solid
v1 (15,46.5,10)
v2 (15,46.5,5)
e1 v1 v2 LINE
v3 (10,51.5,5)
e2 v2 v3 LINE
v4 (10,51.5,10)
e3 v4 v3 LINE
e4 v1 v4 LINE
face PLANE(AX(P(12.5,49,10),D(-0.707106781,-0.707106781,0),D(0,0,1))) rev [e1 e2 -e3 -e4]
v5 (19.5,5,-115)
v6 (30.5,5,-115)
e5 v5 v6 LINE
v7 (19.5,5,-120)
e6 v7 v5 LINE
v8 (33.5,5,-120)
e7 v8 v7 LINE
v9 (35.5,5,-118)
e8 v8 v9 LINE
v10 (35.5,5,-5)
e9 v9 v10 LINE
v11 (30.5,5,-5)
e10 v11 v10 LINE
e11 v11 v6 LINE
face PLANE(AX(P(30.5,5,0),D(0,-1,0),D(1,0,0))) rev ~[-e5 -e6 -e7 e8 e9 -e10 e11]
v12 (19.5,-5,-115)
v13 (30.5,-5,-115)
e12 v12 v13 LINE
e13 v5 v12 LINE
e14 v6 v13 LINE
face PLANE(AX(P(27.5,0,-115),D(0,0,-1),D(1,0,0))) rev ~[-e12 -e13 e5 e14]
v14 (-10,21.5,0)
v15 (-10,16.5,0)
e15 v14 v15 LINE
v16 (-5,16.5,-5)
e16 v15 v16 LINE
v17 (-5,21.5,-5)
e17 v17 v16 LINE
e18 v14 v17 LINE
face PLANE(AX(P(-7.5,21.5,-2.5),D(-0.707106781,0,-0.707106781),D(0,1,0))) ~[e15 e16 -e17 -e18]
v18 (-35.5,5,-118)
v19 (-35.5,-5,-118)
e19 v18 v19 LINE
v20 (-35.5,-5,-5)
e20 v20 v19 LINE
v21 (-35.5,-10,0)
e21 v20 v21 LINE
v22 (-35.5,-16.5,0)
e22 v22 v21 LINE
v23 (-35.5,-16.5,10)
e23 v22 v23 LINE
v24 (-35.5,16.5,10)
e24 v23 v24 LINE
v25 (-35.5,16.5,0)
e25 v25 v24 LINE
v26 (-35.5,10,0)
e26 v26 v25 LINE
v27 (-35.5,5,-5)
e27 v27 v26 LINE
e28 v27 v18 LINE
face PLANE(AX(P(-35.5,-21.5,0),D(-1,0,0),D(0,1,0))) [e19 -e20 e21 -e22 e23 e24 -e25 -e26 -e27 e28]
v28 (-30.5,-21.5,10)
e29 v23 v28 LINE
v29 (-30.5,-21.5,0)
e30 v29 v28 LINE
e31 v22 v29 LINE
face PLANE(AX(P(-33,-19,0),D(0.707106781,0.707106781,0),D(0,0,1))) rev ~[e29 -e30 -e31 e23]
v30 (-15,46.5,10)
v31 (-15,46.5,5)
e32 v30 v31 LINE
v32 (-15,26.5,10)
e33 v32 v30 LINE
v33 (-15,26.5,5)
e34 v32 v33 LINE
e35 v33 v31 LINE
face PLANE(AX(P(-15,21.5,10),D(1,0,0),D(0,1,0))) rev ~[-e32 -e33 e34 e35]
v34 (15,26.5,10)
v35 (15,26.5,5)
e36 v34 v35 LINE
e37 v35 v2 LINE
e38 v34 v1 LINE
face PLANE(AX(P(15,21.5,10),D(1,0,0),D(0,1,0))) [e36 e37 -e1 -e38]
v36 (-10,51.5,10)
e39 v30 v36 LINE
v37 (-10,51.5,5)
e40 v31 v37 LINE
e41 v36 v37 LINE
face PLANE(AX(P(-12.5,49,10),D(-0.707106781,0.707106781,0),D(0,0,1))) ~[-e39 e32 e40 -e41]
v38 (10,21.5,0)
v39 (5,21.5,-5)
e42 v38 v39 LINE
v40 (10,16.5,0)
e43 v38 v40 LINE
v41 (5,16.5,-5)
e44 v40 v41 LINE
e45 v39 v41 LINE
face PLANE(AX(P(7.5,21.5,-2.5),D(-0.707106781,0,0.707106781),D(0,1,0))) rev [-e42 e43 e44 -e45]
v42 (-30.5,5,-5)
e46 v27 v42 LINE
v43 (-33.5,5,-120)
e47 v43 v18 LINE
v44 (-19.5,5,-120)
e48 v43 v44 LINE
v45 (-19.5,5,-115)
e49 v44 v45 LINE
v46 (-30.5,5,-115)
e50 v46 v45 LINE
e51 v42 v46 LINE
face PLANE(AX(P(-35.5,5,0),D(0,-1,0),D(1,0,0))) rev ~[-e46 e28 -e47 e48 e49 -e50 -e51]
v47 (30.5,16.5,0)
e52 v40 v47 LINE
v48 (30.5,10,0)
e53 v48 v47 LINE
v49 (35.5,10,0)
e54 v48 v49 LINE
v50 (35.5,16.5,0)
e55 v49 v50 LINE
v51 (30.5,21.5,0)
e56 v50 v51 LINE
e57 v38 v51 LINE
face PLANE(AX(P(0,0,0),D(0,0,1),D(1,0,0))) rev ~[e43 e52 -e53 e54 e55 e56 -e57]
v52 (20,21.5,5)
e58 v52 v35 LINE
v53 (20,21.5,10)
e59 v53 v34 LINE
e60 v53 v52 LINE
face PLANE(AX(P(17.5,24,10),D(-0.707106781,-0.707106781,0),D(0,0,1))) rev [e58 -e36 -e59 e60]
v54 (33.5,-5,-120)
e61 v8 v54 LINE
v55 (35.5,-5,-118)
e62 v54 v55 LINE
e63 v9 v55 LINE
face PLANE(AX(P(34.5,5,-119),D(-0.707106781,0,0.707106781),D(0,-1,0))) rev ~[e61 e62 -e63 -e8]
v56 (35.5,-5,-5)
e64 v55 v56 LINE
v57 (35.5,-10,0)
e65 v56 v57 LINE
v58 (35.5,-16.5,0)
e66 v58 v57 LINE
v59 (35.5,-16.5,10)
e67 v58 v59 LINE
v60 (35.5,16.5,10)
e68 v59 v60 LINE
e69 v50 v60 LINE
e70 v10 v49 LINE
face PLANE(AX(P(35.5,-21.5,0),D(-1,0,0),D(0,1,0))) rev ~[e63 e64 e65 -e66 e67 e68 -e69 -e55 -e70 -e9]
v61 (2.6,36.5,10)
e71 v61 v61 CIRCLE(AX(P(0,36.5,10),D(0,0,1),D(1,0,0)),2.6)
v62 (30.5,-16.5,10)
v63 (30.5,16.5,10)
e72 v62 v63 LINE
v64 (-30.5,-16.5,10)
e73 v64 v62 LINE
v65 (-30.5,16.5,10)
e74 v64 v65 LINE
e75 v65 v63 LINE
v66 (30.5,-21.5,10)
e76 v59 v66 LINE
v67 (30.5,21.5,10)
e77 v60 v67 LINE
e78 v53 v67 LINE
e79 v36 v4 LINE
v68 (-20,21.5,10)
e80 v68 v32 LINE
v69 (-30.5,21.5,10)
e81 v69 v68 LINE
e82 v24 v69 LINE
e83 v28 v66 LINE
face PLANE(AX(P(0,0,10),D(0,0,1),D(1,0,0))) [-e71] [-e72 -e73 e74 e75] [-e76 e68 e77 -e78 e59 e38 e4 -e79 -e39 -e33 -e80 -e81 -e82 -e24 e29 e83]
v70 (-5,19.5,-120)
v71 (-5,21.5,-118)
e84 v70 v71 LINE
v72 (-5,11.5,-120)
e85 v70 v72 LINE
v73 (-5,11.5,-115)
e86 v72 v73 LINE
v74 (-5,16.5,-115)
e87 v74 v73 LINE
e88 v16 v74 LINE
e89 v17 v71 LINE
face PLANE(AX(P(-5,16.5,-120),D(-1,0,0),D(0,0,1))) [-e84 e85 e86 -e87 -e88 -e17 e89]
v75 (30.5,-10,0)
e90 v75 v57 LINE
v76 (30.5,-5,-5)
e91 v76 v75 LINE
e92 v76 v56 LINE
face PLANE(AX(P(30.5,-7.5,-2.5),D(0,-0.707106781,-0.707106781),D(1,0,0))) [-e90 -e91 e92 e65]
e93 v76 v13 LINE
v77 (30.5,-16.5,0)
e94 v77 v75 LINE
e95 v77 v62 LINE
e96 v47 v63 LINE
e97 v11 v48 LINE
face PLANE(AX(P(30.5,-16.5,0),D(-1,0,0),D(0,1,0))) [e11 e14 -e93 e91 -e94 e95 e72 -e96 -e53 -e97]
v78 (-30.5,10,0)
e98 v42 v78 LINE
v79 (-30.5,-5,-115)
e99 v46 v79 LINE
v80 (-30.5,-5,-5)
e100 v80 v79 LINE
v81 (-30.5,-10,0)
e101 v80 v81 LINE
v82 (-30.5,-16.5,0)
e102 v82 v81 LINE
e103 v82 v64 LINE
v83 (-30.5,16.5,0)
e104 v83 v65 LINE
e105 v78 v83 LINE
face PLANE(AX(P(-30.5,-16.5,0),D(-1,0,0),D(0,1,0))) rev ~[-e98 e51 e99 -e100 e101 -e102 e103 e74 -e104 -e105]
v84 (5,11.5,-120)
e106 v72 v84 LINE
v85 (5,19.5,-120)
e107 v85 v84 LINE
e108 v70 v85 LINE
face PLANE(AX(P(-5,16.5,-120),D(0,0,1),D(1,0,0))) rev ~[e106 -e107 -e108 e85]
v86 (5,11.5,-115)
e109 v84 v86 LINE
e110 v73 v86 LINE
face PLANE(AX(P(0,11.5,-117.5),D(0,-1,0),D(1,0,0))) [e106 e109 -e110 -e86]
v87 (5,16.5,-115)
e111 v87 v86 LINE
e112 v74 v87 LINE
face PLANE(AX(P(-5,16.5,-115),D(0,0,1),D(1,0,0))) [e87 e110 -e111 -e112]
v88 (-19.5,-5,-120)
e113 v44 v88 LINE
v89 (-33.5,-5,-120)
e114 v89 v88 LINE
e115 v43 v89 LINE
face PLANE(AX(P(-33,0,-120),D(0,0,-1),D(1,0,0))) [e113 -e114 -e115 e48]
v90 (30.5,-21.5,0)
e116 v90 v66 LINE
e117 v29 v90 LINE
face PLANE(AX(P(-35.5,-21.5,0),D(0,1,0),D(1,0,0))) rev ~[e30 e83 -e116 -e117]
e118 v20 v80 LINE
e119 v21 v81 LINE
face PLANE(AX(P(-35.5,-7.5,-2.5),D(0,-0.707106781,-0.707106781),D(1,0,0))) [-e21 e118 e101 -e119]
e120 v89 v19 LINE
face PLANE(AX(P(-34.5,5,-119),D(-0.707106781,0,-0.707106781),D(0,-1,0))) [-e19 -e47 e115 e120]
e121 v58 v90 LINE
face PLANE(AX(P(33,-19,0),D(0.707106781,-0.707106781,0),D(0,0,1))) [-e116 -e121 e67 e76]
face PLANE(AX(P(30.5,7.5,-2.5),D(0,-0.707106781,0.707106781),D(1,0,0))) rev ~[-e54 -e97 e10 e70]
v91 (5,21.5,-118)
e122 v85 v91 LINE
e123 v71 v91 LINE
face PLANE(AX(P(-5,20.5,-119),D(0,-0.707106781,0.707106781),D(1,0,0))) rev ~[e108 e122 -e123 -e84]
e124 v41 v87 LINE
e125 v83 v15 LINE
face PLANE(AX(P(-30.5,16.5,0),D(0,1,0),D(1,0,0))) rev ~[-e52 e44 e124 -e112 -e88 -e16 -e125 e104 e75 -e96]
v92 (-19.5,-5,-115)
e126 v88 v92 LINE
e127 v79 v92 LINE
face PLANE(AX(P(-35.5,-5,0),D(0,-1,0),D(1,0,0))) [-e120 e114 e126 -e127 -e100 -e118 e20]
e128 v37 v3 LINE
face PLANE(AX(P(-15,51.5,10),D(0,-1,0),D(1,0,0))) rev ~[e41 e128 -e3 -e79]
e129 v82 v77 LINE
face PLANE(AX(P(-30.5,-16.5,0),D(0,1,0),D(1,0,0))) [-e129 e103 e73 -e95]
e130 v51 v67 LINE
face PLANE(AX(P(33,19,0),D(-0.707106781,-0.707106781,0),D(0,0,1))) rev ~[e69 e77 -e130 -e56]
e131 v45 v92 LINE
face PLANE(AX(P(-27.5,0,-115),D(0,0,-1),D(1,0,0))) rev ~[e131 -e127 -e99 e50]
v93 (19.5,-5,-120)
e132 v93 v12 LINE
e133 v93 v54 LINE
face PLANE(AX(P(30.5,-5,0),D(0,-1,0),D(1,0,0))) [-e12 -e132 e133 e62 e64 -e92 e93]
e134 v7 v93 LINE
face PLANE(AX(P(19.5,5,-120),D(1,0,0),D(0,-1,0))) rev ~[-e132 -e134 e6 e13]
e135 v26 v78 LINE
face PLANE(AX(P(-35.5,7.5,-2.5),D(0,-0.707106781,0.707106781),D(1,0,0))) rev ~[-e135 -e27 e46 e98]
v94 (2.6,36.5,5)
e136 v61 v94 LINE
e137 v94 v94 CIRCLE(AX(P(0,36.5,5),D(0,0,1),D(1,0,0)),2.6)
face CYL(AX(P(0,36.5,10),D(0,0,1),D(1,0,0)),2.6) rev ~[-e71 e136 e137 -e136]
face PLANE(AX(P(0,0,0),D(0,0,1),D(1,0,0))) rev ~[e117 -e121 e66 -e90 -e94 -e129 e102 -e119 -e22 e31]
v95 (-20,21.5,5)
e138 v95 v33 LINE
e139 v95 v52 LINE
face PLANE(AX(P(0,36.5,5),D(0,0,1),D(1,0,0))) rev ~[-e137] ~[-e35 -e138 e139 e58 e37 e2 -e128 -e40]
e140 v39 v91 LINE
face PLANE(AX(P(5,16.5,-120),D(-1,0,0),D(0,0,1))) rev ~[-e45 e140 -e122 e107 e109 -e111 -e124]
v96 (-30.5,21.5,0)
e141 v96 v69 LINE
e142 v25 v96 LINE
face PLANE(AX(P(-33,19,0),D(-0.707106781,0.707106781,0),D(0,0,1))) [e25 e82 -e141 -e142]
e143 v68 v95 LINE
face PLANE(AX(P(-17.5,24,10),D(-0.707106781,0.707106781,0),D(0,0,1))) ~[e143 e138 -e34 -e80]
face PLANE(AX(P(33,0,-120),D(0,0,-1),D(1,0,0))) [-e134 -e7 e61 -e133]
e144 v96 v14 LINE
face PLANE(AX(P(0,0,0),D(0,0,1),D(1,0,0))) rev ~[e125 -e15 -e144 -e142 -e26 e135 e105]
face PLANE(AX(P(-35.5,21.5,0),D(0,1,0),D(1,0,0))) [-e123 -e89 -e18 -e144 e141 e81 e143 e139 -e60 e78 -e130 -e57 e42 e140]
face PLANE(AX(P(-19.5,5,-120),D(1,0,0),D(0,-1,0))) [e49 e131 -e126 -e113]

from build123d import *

# Parameters (mm, degrees)
SKETCH_W        = 71
SKETCH_H        = 43
SKETCH_W_2      = 61
SKETCH_H_2      = 33
PAD_DEPTH       = 10
SKETCH001_W     = 5
SKETCH001_H     = 10
SKETCH001_W_2   = 10
SKETCH001_H_2   = 5
PAD001_DEPTH    = 120
SKETCH002_W     = 10
SKETCH002_H     = 5
PAD002_DEPTH    = 5
SKETCH003_W     = 16
SKETCH003_H     = 10
PAD003_DEPTH    = 5
CHAMFER_SIZE    = 5
SKETCH004_W     = 30
SKETCH004_H     = 30
SKETCH004_R     = 2.6
PAD004_DEPTH    = 5
CHAMFER001_SIZE = 5
CHAMFER002_SIZE = 2


with BuildPart() as part:
    # Sketch → Pad (new body)
    with BuildSketch(Plane.XY):
        Rectangle(SKETCH_W, SKETCH_H)
        Rectangle(SKETCH_W_2, SKETCH_H_2, mode=Mode.SUBTRACT)
    extrude(amount=PAD_DEPTH)

    # Sketch001 (on Face9 of Pad) → Pad001 (join)
    with BuildSketch(Plane(origin=(0, 0, 0), x_dir=(1, 0, 0), z_dir=(0, 0, -1))):
        with Locations((-33, 0)):
            Rectangle(SKETCH001_W, SKETCH001_H)
        with Locations((33, 0)):
            Rectangle(SKETCH001_W, SKETCH001_H)
        with Locations((0, -19)):
            Rectangle(SKETCH001_W_2, SKETCH001_H_2)
    extrude(amount=PAD001_DEPTH)

    # Sketch002 (on Face21 of Pad001) → Pad002 (join)
    with BuildSketch(Plane.XZ.offset(-16.5)):
        with Locations((0, -117.5)):
            Rectangle(SKETCH002_W, SKETCH002_H)
    extrude(amount=PAD002_DEPTH)

    # Sketch003 (on Face7 of Pad002) → Pad003 (join)
    with BuildSketch(Plane(origin=(0, 0, -120), x_dir=(1, 0, 0), z_dir=(0, 0, -1))):
        with Locations((-27.5, 0)):
            Rectangle(SKETCH003_W, SKETCH003_H)
        with Locations((27.5, 0)):
            Rectangle(SKETCH003_W, SKETCH003_H)
    extrude(amount=-PAD003_DEPTH)

    # Chamfer
    chamfer_edges = [part.edges().sort_by_distance(p)[0] for p in [
        (-5, 19, 0),
        (-33, 5, 0),
        (5, 19, 0),
        (33, 5, 0),
        (33, -5, 0),
        (-33, -5, 0),
        (35.5, 21.5, 5),
        (35.5, -21.5, 5),
        (-35.5, 21.5, 5),
        (-35.5, -21.5, 5),
    ]]
    chamfer(chamfer_edges, length=CHAMFER_SIZE)

    # Sketch004 (on Face13 of Chamfer) → Pad004 (join)
    with BuildSketch(Plane.XY.offset(10)):
        with Locations((0, 36.5)):
            Rectangle(SKETCH004_W, SKETCH004_H)
        with Locations((0, 36.5)):
            Circle(SKETCH004_R, mode=Mode.SUBTRACT)
    extrude(amount=-PAD004_DEPTH)

    # Chamfer001
    chamfer001_edges = [part.edges().sort_by_distance(p)[0] for p in [
        (15, 21.5, 7.5),
        (-15, 21.5, 7.5),
        (-15, 51.5, 7.5),
        (15, 51.5, 7.5),
    ]]
    chamfer(chamfer001_edges, length=CHAMFER001_SIZE)

    # Chamfer002
    chamfer002_edges = [part.edges().sort_by_distance(p)[0] for p in [
        (35.5, 0, -120),
        (0, 21.5, -120),
        (-35.5, 0, -120),
    ]]
    chamfer(chamfer002_edges, length=CHAMFER002_SIZE)


solid = part.part
